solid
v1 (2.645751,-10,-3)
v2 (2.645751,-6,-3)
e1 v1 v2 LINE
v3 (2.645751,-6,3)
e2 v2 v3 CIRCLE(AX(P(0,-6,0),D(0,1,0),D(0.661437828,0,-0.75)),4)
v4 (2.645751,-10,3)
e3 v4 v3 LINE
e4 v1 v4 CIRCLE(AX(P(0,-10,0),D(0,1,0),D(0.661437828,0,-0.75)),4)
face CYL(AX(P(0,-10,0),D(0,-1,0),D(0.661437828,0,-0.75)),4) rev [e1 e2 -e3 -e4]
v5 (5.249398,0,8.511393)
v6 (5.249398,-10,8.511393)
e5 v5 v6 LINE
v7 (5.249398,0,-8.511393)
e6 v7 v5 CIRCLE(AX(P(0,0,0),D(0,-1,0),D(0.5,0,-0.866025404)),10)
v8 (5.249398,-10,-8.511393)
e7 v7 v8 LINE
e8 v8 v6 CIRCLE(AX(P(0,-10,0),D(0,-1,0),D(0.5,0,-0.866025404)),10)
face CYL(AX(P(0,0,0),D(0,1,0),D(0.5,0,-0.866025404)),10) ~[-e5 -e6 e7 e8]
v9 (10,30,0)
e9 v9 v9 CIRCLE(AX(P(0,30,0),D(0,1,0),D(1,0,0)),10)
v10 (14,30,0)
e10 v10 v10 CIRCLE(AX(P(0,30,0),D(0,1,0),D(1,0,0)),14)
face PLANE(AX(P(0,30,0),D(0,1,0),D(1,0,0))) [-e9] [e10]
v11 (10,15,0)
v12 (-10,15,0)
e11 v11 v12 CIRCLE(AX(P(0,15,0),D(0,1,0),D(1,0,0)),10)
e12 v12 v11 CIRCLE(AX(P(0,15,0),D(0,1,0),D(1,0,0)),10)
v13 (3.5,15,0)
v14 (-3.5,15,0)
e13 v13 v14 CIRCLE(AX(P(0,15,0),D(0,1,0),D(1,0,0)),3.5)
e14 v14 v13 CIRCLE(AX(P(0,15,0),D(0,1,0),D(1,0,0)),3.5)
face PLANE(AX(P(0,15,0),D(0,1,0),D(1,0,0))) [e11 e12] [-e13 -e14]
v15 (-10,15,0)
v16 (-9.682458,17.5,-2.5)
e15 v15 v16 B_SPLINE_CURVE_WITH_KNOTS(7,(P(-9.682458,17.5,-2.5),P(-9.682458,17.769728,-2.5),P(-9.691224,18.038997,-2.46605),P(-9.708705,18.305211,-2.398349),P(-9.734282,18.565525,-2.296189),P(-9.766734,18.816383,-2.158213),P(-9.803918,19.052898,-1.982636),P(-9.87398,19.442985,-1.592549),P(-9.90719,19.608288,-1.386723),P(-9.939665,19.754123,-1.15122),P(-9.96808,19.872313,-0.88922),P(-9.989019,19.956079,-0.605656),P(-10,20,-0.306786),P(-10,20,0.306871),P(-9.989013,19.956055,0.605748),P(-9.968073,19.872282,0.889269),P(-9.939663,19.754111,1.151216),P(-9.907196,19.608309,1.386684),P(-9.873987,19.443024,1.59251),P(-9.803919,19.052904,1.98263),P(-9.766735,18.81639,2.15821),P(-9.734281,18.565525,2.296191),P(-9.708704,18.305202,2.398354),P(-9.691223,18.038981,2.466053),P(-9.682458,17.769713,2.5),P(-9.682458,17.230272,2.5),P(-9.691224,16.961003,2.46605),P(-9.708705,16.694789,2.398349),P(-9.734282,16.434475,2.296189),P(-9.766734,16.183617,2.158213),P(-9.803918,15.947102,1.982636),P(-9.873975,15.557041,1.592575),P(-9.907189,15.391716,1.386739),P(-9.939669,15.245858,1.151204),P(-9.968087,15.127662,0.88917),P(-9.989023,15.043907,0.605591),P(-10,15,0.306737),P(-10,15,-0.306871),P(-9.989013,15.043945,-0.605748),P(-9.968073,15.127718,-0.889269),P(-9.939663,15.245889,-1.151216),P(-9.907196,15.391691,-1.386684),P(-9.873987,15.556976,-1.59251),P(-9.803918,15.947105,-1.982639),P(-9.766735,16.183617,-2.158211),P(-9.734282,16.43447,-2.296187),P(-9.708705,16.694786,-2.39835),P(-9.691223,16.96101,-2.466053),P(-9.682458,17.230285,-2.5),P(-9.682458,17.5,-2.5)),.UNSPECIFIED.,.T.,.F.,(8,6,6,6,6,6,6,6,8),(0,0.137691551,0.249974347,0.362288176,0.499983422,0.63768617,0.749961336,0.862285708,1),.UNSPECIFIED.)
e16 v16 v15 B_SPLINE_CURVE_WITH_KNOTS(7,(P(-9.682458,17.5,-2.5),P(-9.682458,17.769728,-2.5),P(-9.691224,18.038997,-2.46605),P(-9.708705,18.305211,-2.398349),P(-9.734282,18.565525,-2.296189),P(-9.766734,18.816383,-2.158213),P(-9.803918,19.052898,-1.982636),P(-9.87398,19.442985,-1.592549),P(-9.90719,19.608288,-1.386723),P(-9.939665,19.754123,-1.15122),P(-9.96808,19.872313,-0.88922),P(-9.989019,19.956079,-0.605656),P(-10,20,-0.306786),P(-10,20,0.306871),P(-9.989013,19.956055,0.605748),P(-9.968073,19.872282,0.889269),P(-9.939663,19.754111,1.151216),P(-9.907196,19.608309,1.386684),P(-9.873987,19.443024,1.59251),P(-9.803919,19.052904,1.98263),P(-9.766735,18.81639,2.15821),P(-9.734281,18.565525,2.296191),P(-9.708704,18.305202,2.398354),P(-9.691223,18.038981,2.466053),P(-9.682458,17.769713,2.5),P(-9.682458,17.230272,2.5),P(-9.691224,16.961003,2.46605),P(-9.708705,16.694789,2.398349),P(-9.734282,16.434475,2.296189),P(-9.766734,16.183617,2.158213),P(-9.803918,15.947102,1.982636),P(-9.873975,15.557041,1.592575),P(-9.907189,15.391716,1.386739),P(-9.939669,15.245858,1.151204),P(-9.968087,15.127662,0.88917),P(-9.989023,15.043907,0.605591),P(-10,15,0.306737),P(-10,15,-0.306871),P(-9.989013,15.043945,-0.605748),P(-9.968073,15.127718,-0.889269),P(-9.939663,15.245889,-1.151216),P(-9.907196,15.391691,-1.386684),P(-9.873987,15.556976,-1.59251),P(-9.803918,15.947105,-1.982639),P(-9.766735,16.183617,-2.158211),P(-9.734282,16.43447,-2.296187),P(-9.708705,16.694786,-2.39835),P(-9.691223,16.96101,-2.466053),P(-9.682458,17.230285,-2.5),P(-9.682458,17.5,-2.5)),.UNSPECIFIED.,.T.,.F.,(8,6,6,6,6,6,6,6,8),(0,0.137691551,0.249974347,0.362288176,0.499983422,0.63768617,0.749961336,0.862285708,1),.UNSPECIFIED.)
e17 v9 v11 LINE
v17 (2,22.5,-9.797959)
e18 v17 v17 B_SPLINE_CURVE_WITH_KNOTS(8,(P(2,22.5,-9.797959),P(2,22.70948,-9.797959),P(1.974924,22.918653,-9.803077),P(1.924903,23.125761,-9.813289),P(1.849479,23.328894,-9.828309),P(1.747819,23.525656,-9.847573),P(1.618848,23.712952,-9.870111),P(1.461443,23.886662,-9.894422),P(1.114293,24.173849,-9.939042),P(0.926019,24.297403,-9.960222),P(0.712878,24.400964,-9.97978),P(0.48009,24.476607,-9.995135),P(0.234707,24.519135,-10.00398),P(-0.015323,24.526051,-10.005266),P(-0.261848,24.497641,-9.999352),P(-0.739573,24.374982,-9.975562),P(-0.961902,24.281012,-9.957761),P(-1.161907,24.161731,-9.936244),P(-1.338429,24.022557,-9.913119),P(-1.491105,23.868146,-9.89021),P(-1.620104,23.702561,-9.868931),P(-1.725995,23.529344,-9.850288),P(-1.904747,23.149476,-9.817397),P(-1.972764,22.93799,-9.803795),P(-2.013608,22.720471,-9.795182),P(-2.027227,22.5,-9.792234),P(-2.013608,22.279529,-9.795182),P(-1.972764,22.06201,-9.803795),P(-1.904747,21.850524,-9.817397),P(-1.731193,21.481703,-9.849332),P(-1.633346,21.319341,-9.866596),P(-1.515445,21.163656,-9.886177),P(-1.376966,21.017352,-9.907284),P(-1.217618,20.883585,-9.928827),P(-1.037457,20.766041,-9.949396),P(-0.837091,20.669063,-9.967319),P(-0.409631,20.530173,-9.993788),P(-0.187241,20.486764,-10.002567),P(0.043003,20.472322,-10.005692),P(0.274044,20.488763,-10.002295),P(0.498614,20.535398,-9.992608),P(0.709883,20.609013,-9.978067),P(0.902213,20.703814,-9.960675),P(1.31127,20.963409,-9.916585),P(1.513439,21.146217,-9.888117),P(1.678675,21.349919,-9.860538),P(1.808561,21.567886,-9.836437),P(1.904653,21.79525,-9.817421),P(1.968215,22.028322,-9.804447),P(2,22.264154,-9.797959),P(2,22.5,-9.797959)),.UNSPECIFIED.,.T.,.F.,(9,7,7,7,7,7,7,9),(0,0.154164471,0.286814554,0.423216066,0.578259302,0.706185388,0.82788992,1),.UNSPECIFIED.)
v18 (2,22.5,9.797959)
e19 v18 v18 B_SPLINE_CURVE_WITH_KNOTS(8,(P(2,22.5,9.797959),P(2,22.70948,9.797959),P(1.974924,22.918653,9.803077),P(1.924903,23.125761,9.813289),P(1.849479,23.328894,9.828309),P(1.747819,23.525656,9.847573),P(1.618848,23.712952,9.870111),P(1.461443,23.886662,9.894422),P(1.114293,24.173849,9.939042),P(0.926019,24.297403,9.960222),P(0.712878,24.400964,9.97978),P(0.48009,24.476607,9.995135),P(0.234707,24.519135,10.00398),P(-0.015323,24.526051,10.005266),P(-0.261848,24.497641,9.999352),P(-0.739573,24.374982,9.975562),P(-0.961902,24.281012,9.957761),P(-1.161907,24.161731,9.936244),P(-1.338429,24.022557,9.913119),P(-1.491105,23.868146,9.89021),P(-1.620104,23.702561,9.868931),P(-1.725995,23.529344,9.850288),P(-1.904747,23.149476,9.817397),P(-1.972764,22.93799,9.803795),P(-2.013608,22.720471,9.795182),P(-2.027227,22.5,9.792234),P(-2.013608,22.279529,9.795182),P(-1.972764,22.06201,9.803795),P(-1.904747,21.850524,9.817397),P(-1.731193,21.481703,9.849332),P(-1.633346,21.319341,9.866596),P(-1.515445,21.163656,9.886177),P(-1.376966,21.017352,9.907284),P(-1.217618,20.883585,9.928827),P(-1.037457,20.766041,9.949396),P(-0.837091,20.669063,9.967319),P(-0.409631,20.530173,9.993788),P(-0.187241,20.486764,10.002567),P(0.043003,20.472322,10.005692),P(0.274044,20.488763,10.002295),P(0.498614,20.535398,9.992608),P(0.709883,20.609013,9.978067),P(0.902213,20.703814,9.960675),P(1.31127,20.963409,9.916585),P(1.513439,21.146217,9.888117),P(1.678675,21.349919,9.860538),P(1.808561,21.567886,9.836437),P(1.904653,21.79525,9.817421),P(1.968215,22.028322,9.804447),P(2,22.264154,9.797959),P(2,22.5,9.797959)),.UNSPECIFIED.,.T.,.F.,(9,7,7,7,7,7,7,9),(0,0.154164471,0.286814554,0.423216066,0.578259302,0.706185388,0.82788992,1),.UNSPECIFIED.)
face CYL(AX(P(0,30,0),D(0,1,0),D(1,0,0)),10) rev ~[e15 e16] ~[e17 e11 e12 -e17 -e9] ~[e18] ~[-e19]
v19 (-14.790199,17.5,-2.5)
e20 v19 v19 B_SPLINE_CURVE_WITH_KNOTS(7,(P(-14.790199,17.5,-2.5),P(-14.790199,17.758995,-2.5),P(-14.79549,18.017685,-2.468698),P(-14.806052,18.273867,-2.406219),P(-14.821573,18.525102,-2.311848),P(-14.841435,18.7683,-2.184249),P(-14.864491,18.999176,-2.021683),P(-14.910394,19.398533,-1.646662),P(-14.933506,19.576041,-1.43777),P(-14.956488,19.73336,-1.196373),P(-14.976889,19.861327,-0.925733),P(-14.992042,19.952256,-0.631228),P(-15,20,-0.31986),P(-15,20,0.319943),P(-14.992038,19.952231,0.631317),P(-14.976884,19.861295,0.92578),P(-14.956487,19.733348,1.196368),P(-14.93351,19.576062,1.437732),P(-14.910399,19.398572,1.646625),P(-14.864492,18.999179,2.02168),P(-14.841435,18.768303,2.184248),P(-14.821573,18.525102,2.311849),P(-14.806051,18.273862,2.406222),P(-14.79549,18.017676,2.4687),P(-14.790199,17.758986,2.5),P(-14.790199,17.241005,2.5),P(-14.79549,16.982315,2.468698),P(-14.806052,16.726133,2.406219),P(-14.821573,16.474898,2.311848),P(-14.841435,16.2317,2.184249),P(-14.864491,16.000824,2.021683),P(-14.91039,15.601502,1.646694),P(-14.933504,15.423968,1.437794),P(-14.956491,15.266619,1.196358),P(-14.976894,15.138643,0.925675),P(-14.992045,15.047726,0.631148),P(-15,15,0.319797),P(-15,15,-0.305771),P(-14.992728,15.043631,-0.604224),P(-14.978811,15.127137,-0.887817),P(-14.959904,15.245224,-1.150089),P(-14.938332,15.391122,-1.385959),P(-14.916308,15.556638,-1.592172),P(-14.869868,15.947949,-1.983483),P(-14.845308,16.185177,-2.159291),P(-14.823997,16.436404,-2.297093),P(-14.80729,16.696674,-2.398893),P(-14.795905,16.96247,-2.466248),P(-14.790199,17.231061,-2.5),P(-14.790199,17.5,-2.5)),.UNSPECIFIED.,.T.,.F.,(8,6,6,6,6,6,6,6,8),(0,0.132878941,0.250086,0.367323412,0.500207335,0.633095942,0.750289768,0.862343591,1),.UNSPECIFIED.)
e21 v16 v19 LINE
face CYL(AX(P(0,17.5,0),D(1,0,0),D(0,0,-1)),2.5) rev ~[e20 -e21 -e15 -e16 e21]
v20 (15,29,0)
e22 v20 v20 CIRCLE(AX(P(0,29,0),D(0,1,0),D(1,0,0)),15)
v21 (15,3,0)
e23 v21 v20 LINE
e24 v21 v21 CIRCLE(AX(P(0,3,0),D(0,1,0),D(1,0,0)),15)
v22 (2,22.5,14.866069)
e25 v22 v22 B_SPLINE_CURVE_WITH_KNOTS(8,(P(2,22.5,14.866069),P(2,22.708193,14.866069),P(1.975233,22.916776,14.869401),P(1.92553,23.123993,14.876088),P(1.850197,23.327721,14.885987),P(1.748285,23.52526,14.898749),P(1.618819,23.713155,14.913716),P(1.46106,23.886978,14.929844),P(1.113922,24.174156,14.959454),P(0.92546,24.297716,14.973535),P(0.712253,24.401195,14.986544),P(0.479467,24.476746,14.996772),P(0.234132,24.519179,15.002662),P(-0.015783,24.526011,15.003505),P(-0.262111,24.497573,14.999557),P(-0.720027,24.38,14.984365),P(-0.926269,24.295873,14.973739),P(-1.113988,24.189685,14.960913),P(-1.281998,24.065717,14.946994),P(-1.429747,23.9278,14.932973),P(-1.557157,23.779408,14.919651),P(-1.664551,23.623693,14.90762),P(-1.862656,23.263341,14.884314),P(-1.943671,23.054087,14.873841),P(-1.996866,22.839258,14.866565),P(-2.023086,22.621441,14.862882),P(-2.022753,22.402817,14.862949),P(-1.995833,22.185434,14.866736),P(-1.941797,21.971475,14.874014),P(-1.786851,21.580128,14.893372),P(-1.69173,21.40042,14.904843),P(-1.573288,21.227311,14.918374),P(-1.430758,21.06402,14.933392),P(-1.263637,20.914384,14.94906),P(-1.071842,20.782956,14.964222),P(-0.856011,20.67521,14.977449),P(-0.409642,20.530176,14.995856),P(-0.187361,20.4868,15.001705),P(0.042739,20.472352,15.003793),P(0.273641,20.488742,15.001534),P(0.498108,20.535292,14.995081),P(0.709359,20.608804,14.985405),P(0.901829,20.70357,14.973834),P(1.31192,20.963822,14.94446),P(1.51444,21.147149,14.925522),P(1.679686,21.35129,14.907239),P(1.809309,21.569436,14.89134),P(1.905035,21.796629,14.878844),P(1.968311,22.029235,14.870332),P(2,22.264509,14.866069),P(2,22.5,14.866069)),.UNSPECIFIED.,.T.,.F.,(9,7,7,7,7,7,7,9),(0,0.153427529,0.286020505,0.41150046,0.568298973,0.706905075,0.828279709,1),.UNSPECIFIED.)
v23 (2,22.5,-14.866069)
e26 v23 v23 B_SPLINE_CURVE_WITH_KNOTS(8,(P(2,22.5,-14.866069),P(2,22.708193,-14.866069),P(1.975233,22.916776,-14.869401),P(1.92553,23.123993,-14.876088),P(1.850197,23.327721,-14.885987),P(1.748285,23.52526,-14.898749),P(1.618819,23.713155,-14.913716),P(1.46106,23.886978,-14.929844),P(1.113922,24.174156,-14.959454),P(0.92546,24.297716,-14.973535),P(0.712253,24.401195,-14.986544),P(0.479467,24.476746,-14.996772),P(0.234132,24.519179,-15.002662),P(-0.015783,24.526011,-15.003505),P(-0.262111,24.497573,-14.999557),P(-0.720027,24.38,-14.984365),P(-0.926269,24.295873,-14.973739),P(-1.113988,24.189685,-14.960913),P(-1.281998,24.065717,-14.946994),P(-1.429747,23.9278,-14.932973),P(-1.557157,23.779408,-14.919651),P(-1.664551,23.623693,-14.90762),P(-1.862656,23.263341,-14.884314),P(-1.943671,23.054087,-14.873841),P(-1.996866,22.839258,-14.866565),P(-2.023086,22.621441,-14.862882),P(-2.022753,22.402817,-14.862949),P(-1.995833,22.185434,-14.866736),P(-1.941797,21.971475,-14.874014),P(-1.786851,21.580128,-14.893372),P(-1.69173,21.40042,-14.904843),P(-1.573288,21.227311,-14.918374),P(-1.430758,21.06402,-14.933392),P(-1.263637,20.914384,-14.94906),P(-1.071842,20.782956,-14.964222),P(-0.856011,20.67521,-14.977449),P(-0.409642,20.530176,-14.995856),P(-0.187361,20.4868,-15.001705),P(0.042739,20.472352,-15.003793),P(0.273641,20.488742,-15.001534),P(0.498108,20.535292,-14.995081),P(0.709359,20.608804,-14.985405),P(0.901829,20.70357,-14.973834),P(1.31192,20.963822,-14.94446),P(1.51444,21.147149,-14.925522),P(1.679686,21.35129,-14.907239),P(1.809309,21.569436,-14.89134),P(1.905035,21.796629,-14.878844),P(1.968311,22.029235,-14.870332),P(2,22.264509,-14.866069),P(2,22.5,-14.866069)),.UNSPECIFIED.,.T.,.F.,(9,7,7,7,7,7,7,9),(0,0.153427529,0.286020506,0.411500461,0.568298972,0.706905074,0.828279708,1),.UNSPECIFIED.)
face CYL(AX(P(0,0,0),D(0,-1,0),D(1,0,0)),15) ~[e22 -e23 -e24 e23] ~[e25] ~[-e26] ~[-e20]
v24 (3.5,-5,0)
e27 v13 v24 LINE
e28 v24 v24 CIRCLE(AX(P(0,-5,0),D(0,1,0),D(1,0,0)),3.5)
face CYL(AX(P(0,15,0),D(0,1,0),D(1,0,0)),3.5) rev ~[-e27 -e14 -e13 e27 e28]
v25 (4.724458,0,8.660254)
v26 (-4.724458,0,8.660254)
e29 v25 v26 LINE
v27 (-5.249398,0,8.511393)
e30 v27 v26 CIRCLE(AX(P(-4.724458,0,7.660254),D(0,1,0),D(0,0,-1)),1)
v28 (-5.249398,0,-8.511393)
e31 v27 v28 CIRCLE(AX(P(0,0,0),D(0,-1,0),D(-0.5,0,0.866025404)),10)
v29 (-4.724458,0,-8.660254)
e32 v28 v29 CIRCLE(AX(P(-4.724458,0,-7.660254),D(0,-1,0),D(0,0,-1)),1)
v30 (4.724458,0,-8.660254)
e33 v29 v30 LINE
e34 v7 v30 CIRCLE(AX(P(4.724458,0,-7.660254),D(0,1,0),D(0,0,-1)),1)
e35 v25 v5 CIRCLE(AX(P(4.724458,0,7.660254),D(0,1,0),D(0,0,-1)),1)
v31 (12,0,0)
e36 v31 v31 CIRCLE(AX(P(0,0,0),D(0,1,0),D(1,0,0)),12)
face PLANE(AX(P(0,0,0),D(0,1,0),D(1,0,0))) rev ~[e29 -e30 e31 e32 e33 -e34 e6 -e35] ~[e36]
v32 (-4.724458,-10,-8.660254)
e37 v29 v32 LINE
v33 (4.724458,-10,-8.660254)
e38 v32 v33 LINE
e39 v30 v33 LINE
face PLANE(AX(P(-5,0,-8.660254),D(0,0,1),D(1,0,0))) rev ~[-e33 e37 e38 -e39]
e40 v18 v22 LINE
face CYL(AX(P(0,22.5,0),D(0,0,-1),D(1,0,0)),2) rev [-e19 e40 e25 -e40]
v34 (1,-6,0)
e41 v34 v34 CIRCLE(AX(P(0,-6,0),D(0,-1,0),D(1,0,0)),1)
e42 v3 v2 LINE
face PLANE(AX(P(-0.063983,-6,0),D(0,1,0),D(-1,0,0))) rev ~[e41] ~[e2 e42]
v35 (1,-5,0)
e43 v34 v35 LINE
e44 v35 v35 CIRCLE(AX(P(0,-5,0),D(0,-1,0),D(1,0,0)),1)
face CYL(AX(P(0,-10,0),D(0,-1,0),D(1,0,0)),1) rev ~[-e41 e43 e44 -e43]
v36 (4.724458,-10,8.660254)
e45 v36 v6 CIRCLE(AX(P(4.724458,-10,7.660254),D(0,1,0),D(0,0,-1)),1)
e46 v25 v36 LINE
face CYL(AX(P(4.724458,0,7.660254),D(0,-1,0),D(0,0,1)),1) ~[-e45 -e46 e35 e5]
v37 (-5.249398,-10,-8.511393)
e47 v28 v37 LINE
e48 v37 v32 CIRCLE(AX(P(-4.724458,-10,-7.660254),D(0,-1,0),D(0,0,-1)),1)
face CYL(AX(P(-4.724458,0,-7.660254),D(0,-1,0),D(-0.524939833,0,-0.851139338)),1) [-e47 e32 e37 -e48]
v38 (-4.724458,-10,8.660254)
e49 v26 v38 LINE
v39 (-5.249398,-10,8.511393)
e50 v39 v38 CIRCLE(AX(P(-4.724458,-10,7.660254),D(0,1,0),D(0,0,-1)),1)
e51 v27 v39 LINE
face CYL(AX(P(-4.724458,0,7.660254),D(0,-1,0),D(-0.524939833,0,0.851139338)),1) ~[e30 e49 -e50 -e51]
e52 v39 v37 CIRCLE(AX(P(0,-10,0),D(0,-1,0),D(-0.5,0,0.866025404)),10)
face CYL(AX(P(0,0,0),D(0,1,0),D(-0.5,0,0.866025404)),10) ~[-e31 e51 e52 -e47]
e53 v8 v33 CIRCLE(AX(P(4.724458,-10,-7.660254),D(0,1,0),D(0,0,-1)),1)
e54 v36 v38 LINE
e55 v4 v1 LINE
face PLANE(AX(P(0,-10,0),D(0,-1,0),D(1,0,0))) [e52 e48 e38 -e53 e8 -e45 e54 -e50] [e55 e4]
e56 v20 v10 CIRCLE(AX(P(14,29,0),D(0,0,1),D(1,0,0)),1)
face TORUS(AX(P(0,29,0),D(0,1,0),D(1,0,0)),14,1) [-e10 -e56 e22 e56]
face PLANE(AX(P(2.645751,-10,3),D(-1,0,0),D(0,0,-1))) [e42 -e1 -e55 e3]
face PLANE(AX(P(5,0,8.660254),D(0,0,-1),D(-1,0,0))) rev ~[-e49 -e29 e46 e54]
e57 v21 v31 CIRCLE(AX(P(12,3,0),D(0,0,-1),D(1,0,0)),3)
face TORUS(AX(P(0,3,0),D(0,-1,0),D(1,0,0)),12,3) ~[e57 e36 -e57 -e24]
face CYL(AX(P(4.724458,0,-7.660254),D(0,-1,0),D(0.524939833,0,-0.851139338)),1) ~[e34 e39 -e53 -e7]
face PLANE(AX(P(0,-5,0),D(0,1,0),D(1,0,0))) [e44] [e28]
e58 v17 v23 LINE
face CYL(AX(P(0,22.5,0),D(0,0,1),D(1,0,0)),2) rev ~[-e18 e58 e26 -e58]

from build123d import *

# Parameters (mm, degrees)
ESBO_O1_R                  = 15
RESSALTO_EXTRUS_O1_DEPTH   = 30
ESBO_O2_R                  = 10
CORTE_EXTRUS_O1_DEPTH      = 15
RESSALTO_EXTRUS_O2_DEPTH   = 10
ESBO_O4_R                  = 1
CORTE_EXTRUS_O2_DEPTH      = 5
ESBO_O5_R                  = 3.5
CORTE_EXTRUS_O3_DEPTH      = 20
ESBO_O6_R                  = 2
CORTE_EXTRUS_O4_DEPTH      = 16
CORTE_EXTRUS_O4_DEPTH_BACK = 16
ESBO_O7_R                  = 2.5
CORTE_EXTRUS_O5_DEPTH      = 16.0000001
CORTE_EXTRUS_O6_DEPTH      = 4
FILETE1_R                  = 1
FILETE2_R                  = 3
FILETE4_R                  = 1


with BuildPart() as part:
    # Esboço1 → Ressalto-extrusão1 (new body)
    with BuildSketch(Plane(origin=(0, 0, 0), x_dir=(1, 0, 0), z_dir=(0, 1, 0))):
        Circle(ESBO_O1_R)
    extrude(amount=RESSALTO_EXTRUS_O1_DEPTH)

    # Esboço2 → Corte-extrusão1 (cut)
    with BuildSketch(Plane(origin=(0, 30, 0), x_dir=(1, 0, 0), z_dir=(0, 1, 0))):
        Circle(ESBO_O2_R)
    extrude(amount=-CORTE_EXTRUS_O1_DEPTH, mode=Mode.SUBTRACT)

    # Esboço3 → Ressalto-extrusão2 (add)
    with BuildSketch(Plane.XZ):
        with BuildLine():
            Line((-5, -8.660254038), (5, -8.660254038))
            ThreePointArc((5, -8.660254038), (10, 0), (5, 8.660254038))
            Line((5, 8.660254038), (-5, 8.660254038))
            ThreePointArc((-5, 8.660254038), (-10, 0), (-5, -8.660254038))
        make_face()
    extrude(amount=RESSALTO_EXTRUS_O2_DEPTH)

    # Esboço4 → Corte-extrusão2 (cut)
    with BuildSketch(Plane.XZ.offset(10)):
        Circle(ESBO_O4_R)
    extrude(amount=-CORTE_EXTRUS_O2_DEPTH, mode=Mode.SUBTRACT)

    # Esboço5 → Corte-extrusão3 (cut)
    with BuildSketch(Plane(origin=(0, 15, 0), x_dir=(1, 0, 0), z_dir=(0, 1, 0))):
        Circle(ESBO_O5_R)
    extrude(amount=-CORTE_EXTRUS_O3_DEPTH, mode=Mode.SUBTRACT)

    # Esboço6 → Corte-extrusão4 (cut, two sides)
    with BuildSketch(Plane.XY) as corte_extrus_o4_sk:
        with Locations((0, 22.5)):
            Circle(ESBO_O6_R)
    extrude(amount=CORTE_EXTRUS_O4_DEPTH, mode=Mode.SUBTRACT)
    extrude(corte_extrus_o4_sk.sketch, amount=-CORTE_EXTRUS_O4_DEPTH_BACK, mode=Mode.SUBTRACT)

    # Esboço7 → Corte-extrusão5 (cut, through all)
    with BuildSketch(Plane(origin=(0, 0, 0), x_dir=(0, 0, -1), z_dir=(1, 0, 0))):
        with Locations((0, 17.5)):
            Circle(ESBO_O7_R)
    extrude(amount=-CORTE_EXTRUS_O5_DEPTH, mode=Mode.SUBTRACT)

    # Esboço9 → Corte-extrusão6 (cut)
    with BuildSketch(Plane.XZ.offset(10)):
        with BuildLine():
            Line((2.645751311, 3), (2.645751311, -3))
            ThreePointArc((2.645751311, -3), (-4, 0), (2.645751311, 3))
        make_face()
    extrude(amount=-CORTE_EXTRUS_O6_DEPTH, mode=Mode.SUBTRACT)

    # Filete1
    filete1_edges = [part.edges().sort_by_distance(p)[0] for p in [
        (-15, 30, 0),
    ]]
    fillet(filete1_edges, radius=FILETE1_R)

    # Filete2
    filete2_edges = [part.edges().sort_by_distance(p)[0] for p in [
        (-15, 0, 0),
    ]]
    fillet(filete2_edges, radius=FILETE2_R)

    # Filete4
    filete4_edges = [part.edges().sort_by_distance(p)[0] for p in [
        (-5, -5, 8.660254038),
        (-5, -5, -8.660254038),
        (5, -5, -8.660254038),
        (5, -5, 8.660254038),
    ]]
    fillet(filete4_edges, radius=FILETE4_R)


solid = part.part
